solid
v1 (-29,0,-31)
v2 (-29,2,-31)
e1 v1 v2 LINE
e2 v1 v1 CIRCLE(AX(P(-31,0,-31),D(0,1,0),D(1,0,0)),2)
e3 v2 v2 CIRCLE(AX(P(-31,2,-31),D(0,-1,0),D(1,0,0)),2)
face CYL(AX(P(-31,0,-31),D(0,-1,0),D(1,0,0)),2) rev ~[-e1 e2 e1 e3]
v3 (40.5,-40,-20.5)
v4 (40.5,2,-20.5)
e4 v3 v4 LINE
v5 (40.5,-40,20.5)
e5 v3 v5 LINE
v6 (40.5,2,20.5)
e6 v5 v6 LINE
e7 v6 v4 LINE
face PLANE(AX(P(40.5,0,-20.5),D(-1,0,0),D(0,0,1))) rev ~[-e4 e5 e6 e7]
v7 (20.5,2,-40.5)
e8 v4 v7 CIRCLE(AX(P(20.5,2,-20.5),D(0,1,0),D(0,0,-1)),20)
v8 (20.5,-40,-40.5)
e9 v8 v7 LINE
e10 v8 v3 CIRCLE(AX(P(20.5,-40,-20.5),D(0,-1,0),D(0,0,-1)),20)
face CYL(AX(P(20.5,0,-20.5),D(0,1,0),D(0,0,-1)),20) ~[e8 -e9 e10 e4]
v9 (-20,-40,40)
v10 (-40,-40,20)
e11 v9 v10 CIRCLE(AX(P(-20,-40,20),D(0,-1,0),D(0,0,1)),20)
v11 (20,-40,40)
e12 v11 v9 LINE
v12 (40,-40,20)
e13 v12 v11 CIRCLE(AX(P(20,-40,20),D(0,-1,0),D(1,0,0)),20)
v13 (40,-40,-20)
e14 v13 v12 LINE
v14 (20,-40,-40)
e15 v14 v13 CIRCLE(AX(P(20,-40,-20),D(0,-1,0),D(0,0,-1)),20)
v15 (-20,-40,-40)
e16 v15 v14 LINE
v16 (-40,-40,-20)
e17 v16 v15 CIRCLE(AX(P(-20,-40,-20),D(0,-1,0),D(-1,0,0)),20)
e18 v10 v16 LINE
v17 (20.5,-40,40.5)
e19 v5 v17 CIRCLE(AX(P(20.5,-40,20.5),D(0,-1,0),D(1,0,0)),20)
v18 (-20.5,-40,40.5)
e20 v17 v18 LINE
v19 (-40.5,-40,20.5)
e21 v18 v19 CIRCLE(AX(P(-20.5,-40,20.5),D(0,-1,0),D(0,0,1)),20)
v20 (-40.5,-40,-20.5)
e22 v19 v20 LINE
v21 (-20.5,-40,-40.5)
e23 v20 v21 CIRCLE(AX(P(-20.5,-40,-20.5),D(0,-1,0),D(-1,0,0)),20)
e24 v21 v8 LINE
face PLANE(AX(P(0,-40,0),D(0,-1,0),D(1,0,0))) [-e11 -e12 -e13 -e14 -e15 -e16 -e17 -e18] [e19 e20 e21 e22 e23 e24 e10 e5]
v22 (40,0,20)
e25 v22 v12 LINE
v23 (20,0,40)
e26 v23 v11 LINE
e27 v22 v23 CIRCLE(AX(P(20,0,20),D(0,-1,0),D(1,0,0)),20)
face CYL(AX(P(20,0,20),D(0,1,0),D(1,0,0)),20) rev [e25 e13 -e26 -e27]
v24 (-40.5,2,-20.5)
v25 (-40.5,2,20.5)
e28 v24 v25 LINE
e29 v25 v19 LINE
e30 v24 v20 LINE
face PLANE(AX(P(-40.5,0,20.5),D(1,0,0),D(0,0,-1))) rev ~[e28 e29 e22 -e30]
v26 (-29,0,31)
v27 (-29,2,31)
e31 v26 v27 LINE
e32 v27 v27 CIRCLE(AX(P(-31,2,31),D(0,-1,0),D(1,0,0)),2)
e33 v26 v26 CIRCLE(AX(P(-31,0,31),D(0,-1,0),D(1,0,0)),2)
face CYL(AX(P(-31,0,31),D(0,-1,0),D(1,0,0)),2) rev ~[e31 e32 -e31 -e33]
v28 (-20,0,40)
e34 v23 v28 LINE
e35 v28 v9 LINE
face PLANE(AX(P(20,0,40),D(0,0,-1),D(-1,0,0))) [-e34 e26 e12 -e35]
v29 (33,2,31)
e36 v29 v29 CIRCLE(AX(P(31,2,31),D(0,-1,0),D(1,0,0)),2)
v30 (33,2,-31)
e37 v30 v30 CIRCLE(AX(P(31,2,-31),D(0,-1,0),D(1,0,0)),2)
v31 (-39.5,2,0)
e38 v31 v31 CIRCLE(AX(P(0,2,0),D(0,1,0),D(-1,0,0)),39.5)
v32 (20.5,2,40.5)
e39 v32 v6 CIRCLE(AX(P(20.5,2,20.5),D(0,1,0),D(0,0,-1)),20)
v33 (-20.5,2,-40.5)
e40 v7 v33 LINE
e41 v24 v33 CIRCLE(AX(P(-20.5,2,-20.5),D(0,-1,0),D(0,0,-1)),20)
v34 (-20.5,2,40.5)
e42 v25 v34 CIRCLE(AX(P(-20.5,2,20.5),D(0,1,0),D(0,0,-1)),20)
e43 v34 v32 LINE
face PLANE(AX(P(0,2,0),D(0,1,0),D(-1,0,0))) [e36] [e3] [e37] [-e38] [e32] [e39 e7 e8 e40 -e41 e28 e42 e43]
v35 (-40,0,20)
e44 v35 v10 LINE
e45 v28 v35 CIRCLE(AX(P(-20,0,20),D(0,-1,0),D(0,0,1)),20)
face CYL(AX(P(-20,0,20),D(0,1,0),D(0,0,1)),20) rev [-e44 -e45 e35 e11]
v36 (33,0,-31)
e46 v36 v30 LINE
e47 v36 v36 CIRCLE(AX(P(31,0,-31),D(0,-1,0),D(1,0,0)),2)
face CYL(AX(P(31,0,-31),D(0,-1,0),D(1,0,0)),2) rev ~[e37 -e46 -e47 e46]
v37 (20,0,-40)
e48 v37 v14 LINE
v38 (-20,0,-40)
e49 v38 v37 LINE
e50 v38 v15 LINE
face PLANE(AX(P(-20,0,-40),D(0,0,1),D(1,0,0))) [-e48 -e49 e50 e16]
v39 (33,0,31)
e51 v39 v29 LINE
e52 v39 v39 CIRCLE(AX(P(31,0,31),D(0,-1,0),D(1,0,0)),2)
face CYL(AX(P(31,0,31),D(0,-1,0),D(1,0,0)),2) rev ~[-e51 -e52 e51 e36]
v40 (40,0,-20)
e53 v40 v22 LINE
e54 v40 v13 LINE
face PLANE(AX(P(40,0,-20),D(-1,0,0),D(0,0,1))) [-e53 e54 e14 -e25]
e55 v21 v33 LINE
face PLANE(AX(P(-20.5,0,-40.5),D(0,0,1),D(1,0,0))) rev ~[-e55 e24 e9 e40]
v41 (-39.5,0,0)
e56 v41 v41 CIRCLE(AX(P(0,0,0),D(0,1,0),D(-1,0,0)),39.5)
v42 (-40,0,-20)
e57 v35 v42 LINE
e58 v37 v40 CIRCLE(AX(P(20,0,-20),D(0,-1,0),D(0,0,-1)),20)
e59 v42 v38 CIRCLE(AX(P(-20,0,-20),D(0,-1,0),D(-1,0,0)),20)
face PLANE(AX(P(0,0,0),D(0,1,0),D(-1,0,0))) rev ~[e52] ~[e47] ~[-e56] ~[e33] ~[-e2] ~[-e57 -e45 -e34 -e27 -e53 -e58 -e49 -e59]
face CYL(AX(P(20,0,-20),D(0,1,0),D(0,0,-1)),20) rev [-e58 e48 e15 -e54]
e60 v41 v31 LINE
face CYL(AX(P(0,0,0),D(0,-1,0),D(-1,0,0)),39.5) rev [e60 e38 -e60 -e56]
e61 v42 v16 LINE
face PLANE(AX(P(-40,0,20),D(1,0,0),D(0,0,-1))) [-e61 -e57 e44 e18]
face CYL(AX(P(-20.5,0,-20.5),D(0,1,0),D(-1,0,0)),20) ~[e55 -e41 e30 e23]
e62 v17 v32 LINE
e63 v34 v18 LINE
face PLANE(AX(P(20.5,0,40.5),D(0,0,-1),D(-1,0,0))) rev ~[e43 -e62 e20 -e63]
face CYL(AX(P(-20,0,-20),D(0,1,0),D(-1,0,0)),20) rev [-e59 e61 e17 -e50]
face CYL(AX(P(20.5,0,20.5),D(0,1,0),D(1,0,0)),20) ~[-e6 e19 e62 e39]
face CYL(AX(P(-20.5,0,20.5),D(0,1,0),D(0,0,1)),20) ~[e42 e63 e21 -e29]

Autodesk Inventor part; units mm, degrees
ref_plane "YZ Plane" through (0, 0, 0) normal (1, 0, 0) x (0, 1, 0)
ref_plane "XZ Plane" through (0, 0, 0) normal (0, 1, 0) x (-1, 0, 0)
ref_plane "XY Plane" through (0, 0, 0) normal (0, 0, 1) x (1, 0, 0)
sketch "Sketch1" plane through (0, 0, 0) normal (0, 1, 0) x (-1, 0, 0)
  circle A0 centre (0, 0) radius 39.5
  circle A1 centre (0, 0) radius 40.5
  dimension "d0" = 79
  dimension "d1" = 81
extrude "Extrusion1" add sketch "Sketch1" along normal blind 2
sketch "Sketch21" plane through (0, 2, 0) normal (0, 1, 0) x (1, 0, 0)
  line L0 (-40.5, -40.5) -> (40.5, -40.5)
  line L1 (40.5, -40.5) -> (40.5, 40.5)
  line L2 (40.5, 40.5) -> (-40.5, 40.5)
  line L3 (-40.5, 40.5) -> (-40.5, -40.5)
  line L4 (-40.5, -40.5) -> (40.5, 40.5) construction
  line L5 (40.5, -40.5) -> (-40.5, 40.5) construction
  circle A0 centre (0, 0) radius 40.5
  dimension "d111" = 81
  dimension "d112" = 81
extrude "Extrusion21" add sketch "Sketch21" against normal blind 2 contours L3 A0 L0 | A0 L1 L0 | L3 L2 A0 | A0 L2 L1
fillet "Fillet3" radius 20 4 edges at (-40.5, 1, -40.5) (40.5, 1, -40.5) (40.5, 1, 40.5) (-40.5, 1, 40.5)
sketch "Sketch24" plane through (0, 0, 0) normal (0, -1, 0) x (1, 0, 0)
  arc A0 (-20.5, 40.5) -> (-40.5, 20.5) centre (-20.5, 20.5) ccw projected
  circle A1 centre (0, 0) radius 39.5 projected
  arc A2 (-20.5, 40.5) -> (-40.5, 20.5) centre (-20.5, 20.5) ccw projected
  line L0 (-40.5, 20.5) -> (-40.5, -20.5) projected
  arc A3 (-40.5, -20.5) -> (-20.5, -40.5) centre (-20.5, -20.5) ccw projected
  line L1 (-20.5, -40.5) -> (20.5, -40.5) projected
  arc A4 (20.5, -40.5) -> (40.5, -20.5) centre (20.5, -20.5) ccw projected
  line L2 (40.5, -20.5) -> (40.5, 20.5) projected
  arc A5 (40.5, 20.5) -> (20.5, 40.5) centre (20.5, 20.5) ccw projected
  line L3 (20.5, 40.5) -> (-20.5, 40.5) projected
  line L4 (-20, -40) -> (20, -40)
  line L5 (40, -20) -> (40, 20)
  line L6 (20, 40) -> (-20, 40)
  line L7 (-40, 20) -> (-40, -20)
  line L8 (-40, -40) -> (40, 40) construction
  line L9 (40, -40) -> (-40, 40) construction
  arc A6 (-38, 40) -> (-40, 38) centre (-38, 38) ccw
  arc A7 (40, 20) -> (20, 40) centre (20, 20) ccw
  arc A8 (-20, 40) -> (-40, 20) centre (-20, 20) ccw
  arc A9 (-40, -20) -> (-20, -40) centre (-20, -20) ccw
  arc A10 (20, -40) -> (40, -20) centre (20, -20) ccw
  dimension "d133" = 80
  dimension "d134" = 80
  dimension "d135" = 2
  dimension "d136" = 20
extrude "Extrusion24" add sketch "Sketch24" along normal blind 40 contours L3 A5 L2 A4 L1 A3 L0 A0
sketch "Sketch25" plane through (0, 0, 0) normal (0, -1, 0) x (1, 0, 0)
  circle A0 centre (-31, -31) radius 2
  line L0 (0, 0) -> (-40.0942, -40.0942)
  line L1 (0, 0) -> (0, -34.7078)
  circle A1 centre (31, -31) radius 2
  circle A2 centre (31, 31) radius 2
  circle A3 centre (-31, 31) radius 2
  dimension "d139" = 4
  dimension "d140" = 31
  dimension "d141" = 45
  dimension "d144" = 360
extrude "Extrusion25" cut sketch "Sketch25" against normal blind 10
properties part number "Motor mount (plain)"
